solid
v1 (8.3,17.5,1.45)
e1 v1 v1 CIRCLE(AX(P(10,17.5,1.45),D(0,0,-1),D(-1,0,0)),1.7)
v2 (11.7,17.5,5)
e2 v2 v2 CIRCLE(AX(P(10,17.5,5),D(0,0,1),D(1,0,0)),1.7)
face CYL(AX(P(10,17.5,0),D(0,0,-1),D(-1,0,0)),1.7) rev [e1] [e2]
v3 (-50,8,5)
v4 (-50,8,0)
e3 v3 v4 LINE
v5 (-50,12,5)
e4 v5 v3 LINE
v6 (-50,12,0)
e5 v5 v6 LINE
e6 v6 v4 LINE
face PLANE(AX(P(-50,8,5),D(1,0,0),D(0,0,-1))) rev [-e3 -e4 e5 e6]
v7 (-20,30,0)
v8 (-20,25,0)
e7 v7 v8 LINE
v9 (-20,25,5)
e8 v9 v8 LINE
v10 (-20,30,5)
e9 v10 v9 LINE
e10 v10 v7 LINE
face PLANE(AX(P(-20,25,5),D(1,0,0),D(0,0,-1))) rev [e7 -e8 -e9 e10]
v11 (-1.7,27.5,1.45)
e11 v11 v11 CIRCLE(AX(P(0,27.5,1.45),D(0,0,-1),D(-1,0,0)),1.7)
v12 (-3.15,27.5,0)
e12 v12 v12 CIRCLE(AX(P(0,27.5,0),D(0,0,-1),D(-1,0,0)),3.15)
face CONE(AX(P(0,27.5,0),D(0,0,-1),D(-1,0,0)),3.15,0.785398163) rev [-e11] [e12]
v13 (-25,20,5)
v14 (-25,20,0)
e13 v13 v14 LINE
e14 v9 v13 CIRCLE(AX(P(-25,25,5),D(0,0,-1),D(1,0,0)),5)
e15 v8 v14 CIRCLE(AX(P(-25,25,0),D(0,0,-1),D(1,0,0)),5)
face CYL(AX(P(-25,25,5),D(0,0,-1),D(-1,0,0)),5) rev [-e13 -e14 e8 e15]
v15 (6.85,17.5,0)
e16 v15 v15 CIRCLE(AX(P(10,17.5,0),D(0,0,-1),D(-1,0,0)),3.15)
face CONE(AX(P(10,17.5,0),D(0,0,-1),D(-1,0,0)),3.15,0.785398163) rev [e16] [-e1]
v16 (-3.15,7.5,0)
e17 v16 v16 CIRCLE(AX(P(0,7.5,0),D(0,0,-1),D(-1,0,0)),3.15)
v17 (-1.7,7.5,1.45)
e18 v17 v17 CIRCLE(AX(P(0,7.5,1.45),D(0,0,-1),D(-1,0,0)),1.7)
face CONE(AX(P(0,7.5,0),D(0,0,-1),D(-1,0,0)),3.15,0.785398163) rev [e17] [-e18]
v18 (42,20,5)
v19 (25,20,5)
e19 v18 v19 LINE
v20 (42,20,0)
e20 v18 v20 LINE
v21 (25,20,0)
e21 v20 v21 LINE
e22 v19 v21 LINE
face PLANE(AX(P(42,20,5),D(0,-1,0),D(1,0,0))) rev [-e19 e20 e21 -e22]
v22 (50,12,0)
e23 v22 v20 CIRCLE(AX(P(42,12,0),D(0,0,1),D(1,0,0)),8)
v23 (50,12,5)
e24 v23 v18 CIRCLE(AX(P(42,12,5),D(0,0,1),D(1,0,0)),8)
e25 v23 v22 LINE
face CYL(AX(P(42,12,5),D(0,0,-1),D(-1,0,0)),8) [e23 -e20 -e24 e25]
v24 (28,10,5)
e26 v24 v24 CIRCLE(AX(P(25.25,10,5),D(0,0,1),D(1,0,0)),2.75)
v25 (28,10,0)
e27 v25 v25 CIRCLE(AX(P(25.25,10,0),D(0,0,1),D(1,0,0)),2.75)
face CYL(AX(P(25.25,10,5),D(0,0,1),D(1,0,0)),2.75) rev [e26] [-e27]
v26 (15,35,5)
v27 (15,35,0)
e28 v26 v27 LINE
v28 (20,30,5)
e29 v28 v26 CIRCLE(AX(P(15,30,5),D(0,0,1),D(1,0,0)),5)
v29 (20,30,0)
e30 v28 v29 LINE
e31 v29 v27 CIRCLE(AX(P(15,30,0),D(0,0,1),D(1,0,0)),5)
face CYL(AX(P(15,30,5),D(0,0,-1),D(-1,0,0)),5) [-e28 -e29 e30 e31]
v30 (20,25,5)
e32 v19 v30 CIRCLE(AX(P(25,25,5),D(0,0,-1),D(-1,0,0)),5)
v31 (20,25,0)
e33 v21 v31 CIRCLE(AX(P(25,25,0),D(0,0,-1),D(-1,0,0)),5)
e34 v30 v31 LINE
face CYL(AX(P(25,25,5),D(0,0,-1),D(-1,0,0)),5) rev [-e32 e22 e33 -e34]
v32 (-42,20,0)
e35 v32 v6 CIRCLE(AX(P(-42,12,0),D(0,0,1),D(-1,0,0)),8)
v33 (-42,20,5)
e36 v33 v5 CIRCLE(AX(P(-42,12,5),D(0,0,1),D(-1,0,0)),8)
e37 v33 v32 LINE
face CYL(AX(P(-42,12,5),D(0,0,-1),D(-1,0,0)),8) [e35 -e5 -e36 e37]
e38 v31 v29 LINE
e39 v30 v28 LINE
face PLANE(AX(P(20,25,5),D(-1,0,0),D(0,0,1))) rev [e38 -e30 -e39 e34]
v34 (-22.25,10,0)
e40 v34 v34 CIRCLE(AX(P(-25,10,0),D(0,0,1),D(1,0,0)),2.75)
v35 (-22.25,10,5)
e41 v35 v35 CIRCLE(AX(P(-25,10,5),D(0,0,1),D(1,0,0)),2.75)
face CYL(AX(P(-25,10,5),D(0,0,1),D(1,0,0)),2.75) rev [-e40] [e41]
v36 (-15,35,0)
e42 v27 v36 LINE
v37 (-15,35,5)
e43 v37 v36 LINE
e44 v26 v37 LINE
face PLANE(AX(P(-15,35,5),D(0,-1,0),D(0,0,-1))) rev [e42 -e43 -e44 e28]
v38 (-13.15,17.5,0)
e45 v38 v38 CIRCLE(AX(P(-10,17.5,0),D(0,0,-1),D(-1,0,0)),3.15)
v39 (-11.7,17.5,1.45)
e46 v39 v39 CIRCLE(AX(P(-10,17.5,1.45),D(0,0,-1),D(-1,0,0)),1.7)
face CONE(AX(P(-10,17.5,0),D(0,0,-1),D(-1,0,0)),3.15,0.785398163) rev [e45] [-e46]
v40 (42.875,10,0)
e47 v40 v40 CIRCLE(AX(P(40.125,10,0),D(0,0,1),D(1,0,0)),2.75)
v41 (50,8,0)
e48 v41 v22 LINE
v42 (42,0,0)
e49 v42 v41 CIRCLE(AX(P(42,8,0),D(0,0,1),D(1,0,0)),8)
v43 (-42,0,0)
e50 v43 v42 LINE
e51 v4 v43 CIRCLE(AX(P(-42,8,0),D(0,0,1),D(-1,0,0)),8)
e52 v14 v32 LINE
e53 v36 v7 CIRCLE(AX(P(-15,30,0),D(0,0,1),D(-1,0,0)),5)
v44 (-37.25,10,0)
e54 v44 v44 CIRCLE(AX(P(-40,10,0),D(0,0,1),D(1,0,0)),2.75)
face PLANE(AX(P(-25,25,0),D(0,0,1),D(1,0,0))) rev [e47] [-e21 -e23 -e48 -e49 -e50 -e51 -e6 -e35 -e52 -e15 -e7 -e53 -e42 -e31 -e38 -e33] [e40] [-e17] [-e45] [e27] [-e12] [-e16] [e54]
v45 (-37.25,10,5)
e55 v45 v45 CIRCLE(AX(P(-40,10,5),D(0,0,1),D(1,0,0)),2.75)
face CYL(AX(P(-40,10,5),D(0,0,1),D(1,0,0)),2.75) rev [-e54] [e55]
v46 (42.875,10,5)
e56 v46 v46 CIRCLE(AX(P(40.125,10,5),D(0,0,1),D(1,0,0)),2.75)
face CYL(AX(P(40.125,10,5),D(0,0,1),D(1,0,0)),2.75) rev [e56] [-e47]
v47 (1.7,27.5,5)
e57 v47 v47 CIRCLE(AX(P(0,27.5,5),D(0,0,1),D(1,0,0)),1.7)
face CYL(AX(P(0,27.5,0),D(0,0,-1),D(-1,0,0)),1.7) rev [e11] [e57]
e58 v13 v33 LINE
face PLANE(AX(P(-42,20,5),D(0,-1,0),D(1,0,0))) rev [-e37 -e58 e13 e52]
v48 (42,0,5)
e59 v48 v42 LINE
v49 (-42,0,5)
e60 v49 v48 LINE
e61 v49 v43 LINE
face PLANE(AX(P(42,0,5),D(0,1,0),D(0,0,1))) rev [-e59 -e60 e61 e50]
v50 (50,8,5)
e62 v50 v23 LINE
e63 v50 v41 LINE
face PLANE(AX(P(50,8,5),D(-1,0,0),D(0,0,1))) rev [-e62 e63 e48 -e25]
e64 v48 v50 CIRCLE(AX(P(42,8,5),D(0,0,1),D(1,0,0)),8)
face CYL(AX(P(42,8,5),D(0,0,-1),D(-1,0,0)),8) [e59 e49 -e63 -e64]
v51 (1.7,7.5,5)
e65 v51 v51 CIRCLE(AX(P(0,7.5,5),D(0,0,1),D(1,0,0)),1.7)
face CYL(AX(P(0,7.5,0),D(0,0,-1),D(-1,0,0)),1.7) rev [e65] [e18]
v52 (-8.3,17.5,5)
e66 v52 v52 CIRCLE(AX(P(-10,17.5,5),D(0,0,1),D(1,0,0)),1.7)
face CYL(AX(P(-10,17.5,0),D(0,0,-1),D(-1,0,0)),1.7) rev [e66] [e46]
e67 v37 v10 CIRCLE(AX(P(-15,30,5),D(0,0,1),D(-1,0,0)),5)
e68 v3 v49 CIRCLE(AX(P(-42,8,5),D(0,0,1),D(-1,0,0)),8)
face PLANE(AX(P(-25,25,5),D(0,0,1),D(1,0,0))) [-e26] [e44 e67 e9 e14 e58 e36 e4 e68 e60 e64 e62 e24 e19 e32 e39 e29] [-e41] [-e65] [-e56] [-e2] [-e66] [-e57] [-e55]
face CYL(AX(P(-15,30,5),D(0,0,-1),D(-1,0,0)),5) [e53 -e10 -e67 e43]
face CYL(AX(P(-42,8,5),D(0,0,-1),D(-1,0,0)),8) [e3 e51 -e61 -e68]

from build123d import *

# Parameters (mm, degrees)
BOSS_EXTRUDE1_DEPTH                             = 5
M5_CLEARANCE_HOLE1_D                            = 5.5
M5_CLEARANCE_HOLE1_DEPTH                        = 5
CSK_FOR_M3_FLAT_HEAD_MACHINE_SCREW1_D           = 3.4
CSK_FOR_M3_FLAT_HEAD_MACHINE_SCREW1_DEPTH       = 5
CSK_FOR_M3_FLAT_HEAD_MACHINE_SCREW1_CSINK_D     = 6.3
CSK_FOR_M3_FLAT_HEAD_MACHINE_SCREW1_CSINK_ANGLE = 90


with BuildPart() as part:
    # Sketch1 → Boss-Extrude1 (new body)
    with BuildSketch(Plane.XY):
        with BuildLine():
            Line((42, 0), (-42, 0))
            ThreePointArc((-42, 0), (-47.656854249, 2.343145751), (-50, 8))
            Line((-50, 8), (-50, 12))
            ThreePointArc((-50, 12), (-47.656854249, 17.656854249), (-42, 20))
            Line((-42, 20), (-25, 20))
            ThreePointArc((-25, 20), (-21.464466094, 21.464466094), (-20, 25))
            Line((-20, 25), (-20, 30))
            ThreePointArc((-20, 30), (-18.535533906, 33.535533906), (-15, 35))
            Line((-15, 35), (15, 35))
            ThreePointArc((15, 35), (18.535533906, 33.535533906), (20, 30))
            Line((20, 30), (20, 25))
            ThreePointArc((20, 25), (21.464466094, 21.464466094), (25, 20))
            Line((25, 20), (42, 20))
            ThreePointArc((42, 20), (47.656854249, 17.656854249), (50, 12))
            Line((50, 12), (50, 8))
            ThreePointArc((50, 8), (47.656854249, 2.343145751), (42, 0))
        make_face()
    extrude(amount=BOSS_EXTRUDE1_DEPTH)

    # M5 Clearance Hole1
    with Locations(Plane.XY.offset(5)):
        with Locations((-40, 10), (-25, 10), (25.25, 10), (40.125, 10)):
            Hole(M5_CLEARANCE_HOLE1_D / 2, depth=M5_CLEARANCE_HOLE1_DEPTH)

    # CSK for M3 Flat Head Machine Screw1
    with Locations(Plane(origin=(0, 0, 0), x_dir=(-1, 0, 0), z_dir=(0, 0, -1))):
        with Locations((-10, 17.5), (0, 7.5), (10, 17.5), (0, 27.5)):
            CounterSinkHole(CSK_FOR_M3_FLAT_HEAD_MACHINE_SCREW1_D / 2, CSK_FOR_M3_FLAT_HEAD_MACHINE_SCREW1_CSINK_D / 2, depth=CSK_FOR_M3_FLAT_HEAD_MACHINE_SCREW1_DEPTH, counter_sink_angle=CSK_FOR_M3_FLAT_HEAD_MACHINE_SCREW1_CSINK_ANGLE)


solid = part.part
